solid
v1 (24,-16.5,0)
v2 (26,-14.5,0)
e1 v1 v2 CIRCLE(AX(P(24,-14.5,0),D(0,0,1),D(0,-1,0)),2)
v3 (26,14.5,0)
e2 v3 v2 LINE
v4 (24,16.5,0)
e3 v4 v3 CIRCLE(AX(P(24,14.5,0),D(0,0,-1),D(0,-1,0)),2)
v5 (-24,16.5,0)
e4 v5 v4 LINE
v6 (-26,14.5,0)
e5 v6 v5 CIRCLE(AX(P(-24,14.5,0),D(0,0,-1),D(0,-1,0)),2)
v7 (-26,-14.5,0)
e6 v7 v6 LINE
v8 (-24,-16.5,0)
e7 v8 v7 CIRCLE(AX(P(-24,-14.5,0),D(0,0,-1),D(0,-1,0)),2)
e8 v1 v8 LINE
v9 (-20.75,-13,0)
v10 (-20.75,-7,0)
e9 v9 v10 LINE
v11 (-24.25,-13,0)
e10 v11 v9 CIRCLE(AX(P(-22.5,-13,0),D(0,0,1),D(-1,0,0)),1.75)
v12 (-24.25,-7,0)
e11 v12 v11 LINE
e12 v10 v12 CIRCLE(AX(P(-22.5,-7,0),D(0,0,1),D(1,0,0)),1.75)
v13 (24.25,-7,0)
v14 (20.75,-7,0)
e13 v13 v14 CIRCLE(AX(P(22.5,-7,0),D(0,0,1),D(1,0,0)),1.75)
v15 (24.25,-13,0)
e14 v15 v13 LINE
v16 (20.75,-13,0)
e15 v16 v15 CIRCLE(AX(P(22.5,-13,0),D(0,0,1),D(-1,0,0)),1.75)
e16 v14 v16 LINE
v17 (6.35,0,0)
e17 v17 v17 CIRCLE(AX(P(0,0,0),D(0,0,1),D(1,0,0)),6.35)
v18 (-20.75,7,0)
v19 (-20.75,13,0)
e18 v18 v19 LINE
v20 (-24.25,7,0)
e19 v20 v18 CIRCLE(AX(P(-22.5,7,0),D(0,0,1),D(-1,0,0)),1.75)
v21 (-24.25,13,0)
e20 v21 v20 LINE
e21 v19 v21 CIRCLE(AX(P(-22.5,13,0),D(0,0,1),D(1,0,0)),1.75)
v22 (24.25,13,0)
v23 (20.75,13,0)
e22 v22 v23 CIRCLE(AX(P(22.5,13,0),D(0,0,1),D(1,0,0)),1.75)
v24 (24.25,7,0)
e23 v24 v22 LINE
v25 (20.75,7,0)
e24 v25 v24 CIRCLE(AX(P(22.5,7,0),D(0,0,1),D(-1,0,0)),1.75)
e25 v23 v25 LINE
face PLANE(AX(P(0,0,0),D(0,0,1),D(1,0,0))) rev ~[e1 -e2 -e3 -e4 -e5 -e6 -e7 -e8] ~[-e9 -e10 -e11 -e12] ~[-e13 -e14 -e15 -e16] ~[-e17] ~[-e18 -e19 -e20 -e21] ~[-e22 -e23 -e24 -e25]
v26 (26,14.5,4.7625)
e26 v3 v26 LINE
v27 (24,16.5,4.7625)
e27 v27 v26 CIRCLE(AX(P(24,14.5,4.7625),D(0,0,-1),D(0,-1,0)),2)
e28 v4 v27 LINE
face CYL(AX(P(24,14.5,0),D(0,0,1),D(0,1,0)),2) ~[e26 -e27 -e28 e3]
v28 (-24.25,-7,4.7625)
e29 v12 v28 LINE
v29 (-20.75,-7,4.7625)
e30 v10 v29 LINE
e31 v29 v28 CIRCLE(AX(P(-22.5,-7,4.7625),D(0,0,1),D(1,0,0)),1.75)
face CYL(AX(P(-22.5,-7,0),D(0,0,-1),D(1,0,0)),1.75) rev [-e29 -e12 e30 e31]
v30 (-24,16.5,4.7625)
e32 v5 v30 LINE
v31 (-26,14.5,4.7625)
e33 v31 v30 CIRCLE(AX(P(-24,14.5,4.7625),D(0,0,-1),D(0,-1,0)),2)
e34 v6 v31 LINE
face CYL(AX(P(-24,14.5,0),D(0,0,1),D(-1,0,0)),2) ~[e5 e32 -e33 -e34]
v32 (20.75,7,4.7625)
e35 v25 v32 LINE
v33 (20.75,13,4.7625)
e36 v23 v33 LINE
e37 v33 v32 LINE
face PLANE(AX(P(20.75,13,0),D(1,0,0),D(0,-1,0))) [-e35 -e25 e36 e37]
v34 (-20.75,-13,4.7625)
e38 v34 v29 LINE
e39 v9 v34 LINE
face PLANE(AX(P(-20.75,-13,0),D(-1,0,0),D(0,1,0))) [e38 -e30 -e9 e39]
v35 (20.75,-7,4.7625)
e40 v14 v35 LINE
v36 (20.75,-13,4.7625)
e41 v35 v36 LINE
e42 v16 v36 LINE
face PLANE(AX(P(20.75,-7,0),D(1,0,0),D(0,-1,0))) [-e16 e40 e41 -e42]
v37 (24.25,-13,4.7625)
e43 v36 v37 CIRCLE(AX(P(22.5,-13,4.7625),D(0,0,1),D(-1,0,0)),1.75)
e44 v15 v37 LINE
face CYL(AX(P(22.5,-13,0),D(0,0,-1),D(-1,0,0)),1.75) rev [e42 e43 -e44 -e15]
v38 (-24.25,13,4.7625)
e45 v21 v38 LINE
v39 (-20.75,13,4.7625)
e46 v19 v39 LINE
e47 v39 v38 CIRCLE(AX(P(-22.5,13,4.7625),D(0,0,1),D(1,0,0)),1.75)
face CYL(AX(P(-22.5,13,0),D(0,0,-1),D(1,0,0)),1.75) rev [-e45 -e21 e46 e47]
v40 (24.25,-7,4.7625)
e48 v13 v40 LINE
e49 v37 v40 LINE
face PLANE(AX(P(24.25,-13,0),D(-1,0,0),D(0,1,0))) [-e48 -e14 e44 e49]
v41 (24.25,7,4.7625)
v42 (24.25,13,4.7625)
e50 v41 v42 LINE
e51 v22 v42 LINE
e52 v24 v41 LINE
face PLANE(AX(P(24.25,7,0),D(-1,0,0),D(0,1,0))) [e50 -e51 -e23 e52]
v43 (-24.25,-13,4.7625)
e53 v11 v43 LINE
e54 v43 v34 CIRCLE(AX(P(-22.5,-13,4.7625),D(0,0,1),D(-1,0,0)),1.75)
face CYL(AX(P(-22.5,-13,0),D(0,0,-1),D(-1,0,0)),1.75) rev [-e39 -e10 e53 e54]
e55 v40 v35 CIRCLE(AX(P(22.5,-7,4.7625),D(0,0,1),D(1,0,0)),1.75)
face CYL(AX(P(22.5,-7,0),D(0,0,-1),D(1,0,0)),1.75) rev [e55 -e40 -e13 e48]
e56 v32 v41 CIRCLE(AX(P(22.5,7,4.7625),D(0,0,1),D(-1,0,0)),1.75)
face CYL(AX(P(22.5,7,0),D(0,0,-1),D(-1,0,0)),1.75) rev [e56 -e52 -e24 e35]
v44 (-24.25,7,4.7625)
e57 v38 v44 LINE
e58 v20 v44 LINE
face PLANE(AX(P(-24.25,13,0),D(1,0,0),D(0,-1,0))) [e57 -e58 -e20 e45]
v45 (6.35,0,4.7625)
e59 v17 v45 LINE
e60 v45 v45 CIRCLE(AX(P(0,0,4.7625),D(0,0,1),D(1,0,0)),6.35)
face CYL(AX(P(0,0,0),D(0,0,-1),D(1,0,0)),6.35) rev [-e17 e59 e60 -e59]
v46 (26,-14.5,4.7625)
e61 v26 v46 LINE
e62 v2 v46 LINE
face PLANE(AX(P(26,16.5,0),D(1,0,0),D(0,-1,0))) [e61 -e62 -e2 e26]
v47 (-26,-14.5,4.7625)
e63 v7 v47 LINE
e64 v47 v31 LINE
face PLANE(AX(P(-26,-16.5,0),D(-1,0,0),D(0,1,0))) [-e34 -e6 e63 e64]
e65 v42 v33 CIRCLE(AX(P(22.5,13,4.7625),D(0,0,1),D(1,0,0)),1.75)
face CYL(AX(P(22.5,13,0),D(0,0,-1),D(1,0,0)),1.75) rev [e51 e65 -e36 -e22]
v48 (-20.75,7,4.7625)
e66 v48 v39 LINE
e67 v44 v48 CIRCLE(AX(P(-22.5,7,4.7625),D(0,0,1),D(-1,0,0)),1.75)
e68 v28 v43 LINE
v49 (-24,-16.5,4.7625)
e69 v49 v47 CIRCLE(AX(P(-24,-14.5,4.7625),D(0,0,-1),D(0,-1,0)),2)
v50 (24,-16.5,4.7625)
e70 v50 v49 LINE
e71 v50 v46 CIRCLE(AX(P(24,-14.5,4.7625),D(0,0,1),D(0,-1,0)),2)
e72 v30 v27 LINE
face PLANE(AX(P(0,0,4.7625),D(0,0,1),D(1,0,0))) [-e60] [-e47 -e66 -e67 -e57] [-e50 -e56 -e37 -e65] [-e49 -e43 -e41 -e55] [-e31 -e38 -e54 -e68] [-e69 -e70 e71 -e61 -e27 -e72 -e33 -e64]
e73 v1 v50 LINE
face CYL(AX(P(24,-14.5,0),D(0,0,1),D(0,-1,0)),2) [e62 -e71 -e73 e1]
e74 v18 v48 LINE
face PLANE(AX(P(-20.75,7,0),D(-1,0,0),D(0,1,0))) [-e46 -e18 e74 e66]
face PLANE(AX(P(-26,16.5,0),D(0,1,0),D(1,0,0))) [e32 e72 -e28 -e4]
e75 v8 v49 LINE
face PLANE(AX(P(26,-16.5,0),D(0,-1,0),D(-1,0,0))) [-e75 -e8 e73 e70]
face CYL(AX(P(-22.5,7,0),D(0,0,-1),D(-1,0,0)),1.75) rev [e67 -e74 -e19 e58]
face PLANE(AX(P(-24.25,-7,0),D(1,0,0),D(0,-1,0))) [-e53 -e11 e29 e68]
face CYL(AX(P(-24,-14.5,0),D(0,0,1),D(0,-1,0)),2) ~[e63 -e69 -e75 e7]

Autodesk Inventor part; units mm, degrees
ref_plane "YZ Plane" through (0, 0, 0) normal (1, 0, 0) x (0, 1, 0)
ref_plane "XZ Plane" through (0, 0, 0) normal (0, 1, 0) x (-1, 0, 0)
ref_plane "XY Plane" through (0, 0, 0) normal (0, 0, 1) x (1, 0, 0)
sketch "Sketch1" plane through (0, 0, 0) normal (0, 0, 1) x (1, 0, 0)
  line L0 (22.5, -10) -> (-22.5, -10) construction
  line L1 (-22.5, -10) -> (-22.5, 10) construction
  line L2 (-22.5, 10) -> (22.5, 10) construction
  line L3 (22.5, 10) -> (22.5, -10) construction
  line L4 (22.5, -10) -> (-22.5, 10) construction
  line L5 (-22.5, -10) -> (22.5, 10) construction
  line L6 (-22.5, 13) -> (-22.5, 7) construction
  line L7 (-24.25, 13) -> (-24.25, 7)
  line L8 (-20.75, 7) -> (-20.75, 13)
  arc A0 (-20.75, 13) -> (-24.25, 13) centre (-22.5, 13) ccw
  arc A1 (-24.25, 7) -> (-20.75, 7) centre (-22.5, 7) ccw
  line L9 (-22.5, -13) -> (-22.5, -7) construction
  line L10 (-20.75, -13) -> (-20.75, -7)
  line L11 (-24.25, -7) -> (-24.25, -13)
  arc A2 (-24.25, -13) -> (-20.75, -13) centre (-22.5, -13) ccw
  arc A3 (-20.75, -7) -> (-24.25, -7) centre (-22.5, -7) ccw
  line L12 (22.5, 13) -> (22.5, 7) construction
  line L13 (20.75, 13) -> (20.75, 7)
  line L14 (24.25, 7) -> (24.25, 13)
  arc A4 (24.25, 13) -> (20.75, 13) centre (22.5, 13) ccw
  arc A5 (20.75, 7) -> (24.25, 7) centre (22.5, 7) ccw
  line L15 (22.5, -13) -> (22.5, -7) construction
  line L16 (24.25, -13) -> (24.25, -7)
  line L17 (20.75, -7) -> (20.75, -13)
  arc A6 (20.75, -13) -> (24.25, -13) centre (22.5, -13) ccw
  arc A7 (24.25, -7) -> (20.75, -7) centre (22.5, -7) ccw
  line L18 (26, -16.5) -> (-26, -16.5)
  line L19 (-26, -16.5) -> (-26, 16.5)
  line L20 (-26, 16.5) -> (26, 16.5)
  line L21 (26, 16.5) -> (26, -16.5)
  line L22 (26, -16.5) -> (-26, 16.5) construction
  line L23 (-26, -16.5) -> (26, 16.5) construction
  circle A8 centre (0, 0) radius 6.35
  dimension "d0" = 45
  dimension "d1" = 20
  dimension "d2" = 3.5
  dimension "d3" = 6
  dimension "d4" = 52
  dimension "d5" = 33
  dimension "d6" = 12.7
extrude "Extrusion1" add sketch "Sketch1" along normal blind 4.7625
fillet "Fillet1" radius 2 4 edges at (-26, 16.5, 2.3813) (26, 16.5, 2.3813) (26, -16.5, 2.3813) (-26, -16.5, 2.3813)
properties part number "belt tensioner"
